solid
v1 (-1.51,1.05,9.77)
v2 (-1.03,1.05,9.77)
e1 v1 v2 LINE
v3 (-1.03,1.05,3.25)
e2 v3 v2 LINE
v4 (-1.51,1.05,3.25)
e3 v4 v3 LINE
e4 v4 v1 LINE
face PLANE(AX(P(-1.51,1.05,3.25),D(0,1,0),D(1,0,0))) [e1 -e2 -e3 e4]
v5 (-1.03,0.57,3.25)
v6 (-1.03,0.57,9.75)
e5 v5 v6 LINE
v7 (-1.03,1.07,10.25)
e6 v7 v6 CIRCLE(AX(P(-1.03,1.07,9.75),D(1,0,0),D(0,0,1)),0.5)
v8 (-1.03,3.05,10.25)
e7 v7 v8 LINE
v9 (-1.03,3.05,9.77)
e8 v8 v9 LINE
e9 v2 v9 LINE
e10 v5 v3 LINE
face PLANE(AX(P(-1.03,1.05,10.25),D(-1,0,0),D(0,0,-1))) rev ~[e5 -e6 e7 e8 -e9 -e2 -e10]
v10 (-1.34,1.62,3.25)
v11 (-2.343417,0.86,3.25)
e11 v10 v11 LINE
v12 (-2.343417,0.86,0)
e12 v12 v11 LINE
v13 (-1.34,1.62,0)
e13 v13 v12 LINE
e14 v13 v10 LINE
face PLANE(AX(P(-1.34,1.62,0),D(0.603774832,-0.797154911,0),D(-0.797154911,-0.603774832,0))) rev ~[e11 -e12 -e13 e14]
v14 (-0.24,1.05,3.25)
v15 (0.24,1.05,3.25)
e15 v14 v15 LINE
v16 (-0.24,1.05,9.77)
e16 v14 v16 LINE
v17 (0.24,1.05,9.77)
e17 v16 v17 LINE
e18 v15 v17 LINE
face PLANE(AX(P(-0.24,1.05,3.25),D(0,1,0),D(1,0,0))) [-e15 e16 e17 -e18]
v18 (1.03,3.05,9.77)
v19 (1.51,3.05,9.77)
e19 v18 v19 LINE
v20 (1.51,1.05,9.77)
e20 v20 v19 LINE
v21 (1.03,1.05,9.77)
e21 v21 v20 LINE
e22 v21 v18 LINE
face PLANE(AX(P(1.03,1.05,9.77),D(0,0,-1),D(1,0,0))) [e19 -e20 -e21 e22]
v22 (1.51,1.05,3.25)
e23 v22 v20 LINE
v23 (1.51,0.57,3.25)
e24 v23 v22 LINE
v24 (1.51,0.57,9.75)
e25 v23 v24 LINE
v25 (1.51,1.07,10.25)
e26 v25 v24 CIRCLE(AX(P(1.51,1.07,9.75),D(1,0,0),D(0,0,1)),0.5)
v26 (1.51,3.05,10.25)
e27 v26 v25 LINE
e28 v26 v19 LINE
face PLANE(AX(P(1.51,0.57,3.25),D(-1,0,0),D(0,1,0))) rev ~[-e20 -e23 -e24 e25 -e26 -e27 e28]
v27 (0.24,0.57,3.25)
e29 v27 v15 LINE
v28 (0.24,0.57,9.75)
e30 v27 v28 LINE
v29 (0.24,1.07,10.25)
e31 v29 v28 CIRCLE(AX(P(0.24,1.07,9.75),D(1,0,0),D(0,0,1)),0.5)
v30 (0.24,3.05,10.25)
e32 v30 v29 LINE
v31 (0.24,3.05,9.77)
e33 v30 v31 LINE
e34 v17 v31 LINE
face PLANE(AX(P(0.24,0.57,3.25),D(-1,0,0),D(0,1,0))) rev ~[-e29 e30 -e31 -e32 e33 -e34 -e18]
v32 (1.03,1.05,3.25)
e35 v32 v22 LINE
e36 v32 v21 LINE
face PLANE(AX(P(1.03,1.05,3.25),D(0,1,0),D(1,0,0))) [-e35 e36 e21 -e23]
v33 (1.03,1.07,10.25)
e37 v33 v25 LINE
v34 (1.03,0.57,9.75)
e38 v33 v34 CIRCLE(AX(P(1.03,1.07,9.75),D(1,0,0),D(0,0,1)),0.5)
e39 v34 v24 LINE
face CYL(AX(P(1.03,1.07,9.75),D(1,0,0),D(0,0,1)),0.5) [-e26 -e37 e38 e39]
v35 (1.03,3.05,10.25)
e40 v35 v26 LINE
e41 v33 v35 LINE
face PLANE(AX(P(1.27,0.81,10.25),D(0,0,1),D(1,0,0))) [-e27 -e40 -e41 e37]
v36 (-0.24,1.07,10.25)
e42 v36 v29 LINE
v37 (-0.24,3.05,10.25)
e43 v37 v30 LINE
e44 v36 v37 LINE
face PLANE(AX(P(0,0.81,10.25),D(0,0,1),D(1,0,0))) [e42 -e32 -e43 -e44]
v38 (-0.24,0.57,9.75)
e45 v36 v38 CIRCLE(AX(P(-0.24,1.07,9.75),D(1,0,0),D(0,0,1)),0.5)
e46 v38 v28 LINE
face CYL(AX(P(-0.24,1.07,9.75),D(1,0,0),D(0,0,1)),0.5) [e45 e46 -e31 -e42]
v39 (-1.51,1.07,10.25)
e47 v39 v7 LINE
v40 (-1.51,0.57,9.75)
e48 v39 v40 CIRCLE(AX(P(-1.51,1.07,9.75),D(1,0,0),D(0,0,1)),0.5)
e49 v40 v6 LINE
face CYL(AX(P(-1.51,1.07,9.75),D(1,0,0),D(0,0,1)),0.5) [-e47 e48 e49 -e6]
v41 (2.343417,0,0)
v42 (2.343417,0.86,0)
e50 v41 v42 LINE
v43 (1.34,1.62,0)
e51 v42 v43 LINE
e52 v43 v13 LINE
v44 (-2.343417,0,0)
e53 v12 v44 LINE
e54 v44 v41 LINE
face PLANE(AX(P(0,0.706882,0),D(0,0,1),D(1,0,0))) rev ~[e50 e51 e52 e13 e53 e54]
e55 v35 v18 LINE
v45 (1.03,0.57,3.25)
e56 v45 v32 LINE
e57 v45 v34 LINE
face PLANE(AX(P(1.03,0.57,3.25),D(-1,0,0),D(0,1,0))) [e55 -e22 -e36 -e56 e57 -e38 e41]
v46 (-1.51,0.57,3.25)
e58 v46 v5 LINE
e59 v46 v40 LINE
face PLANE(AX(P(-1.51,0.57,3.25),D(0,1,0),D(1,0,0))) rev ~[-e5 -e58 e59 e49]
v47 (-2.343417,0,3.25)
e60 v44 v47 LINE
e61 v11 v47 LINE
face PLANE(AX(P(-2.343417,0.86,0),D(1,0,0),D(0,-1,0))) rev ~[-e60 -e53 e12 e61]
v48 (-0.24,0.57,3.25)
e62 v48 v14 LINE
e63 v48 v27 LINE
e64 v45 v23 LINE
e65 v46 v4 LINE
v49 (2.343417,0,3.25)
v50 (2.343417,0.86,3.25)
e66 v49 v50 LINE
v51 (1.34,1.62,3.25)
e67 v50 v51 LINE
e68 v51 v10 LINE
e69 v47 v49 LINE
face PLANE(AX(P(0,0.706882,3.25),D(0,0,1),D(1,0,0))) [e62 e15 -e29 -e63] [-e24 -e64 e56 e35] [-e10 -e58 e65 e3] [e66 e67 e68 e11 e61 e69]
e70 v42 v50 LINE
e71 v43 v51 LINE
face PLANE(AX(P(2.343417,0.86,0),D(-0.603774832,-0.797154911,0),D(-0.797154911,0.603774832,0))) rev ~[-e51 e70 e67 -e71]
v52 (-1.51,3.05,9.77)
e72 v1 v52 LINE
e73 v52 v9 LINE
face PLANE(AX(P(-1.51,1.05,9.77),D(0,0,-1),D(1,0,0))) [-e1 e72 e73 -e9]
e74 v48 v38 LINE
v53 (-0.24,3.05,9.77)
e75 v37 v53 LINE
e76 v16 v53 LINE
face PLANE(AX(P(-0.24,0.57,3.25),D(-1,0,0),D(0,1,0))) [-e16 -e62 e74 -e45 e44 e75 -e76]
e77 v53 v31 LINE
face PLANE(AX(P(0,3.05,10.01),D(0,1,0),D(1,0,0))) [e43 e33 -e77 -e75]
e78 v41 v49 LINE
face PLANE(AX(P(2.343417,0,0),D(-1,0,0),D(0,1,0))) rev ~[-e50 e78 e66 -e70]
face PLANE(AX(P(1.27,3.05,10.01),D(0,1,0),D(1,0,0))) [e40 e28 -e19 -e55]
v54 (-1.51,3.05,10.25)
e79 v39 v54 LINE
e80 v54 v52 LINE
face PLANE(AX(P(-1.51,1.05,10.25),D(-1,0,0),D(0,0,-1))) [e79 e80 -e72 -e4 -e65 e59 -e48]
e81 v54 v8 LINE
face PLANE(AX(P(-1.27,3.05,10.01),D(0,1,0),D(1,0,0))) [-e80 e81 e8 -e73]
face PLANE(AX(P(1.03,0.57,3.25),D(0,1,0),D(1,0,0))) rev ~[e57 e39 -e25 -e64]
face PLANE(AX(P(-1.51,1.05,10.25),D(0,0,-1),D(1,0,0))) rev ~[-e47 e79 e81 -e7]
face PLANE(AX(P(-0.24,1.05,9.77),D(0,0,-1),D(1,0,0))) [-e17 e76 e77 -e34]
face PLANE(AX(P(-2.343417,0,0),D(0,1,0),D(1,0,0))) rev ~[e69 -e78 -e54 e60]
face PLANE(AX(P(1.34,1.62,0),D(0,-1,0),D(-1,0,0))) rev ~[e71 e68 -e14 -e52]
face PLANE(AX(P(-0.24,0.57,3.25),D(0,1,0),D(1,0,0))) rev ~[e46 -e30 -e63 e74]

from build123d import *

# Parameters (mm, degrees)
SALIENTE_EXTRUIR1_DEPTH = 3.25
CROQUIS3_W              = 0.48
CROQUIS3_H              = 0.48
SALIENTE_EXTRUIR2_DEPTH = 7
CROQUIS4_W              = 0.48
CROQUIS4_H              = 0.48
SALIENTE_EXTRUIR3_DEPTH = 2
REDONDEO1_R             = 0.5


with BuildPart() as part:
    # Croquis2 → Saliente-Extruir1 (new body)
    with BuildSketch(Plane.XY):
        Polygon((-2.343416672, 0), (2.343416672, 0), (2.343416672, 0.86), (1.34, 1.62), (-1.34, 1.62), (-2.343416672, 0.86), align=None)
    extrude(amount=SALIENTE_EXTRUIR1_DEPTH)

    # Croquis3 → Saliente-Extruir2 (add)
    with BuildSketch(Plane.XY.offset(3.25)):
        with Locations((0, 0.81)):
            Rectangle(CROQUIS3_W, CROQUIS3_H)
        with Locations((1.27, 0.81)):
            Rectangle(CROQUIS3_W, CROQUIS3_H)
        with Locations((-1.27, 0.81)):
            Rectangle(CROQUIS3_W, CROQUIS3_H)
    extrude(amount=SALIENTE_EXTRUIR2_DEPTH)

    # Croquis4 → Saliente-Extruir3 (add)
    with BuildSketch(Plane(origin=(0, 1.05, 0), x_dir=(1, 0, 0), z_dir=(0, 1, 0))):
        with Locations((-1.27, -10.01)):
            Rectangle(CROQUIS4_W, CROQUIS4_H)
        with Locations((0, -10.01)):
            Rectangle(CROQUIS4_W, CROQUIS4_H)
        with Locations((1.27, -10.01)):
            Rectangle(CROQUIS4_W, CROQUIS4_H)
    extrude(amount=SALIENTE_EXTRUIR3_DEPTH)

    # Redondeo1
    redondeo1_edges = [part.edges().sort_by_distance(p)[0] for p in [
        (0, 0.57, 10.25),
        (1.27, 0.57, 10.25),
        (-1.27, 0.57, 10.25),
    ]]
    fillet(redondeo1_edges, radius=REDONDEO1_R)


solid = part.part
